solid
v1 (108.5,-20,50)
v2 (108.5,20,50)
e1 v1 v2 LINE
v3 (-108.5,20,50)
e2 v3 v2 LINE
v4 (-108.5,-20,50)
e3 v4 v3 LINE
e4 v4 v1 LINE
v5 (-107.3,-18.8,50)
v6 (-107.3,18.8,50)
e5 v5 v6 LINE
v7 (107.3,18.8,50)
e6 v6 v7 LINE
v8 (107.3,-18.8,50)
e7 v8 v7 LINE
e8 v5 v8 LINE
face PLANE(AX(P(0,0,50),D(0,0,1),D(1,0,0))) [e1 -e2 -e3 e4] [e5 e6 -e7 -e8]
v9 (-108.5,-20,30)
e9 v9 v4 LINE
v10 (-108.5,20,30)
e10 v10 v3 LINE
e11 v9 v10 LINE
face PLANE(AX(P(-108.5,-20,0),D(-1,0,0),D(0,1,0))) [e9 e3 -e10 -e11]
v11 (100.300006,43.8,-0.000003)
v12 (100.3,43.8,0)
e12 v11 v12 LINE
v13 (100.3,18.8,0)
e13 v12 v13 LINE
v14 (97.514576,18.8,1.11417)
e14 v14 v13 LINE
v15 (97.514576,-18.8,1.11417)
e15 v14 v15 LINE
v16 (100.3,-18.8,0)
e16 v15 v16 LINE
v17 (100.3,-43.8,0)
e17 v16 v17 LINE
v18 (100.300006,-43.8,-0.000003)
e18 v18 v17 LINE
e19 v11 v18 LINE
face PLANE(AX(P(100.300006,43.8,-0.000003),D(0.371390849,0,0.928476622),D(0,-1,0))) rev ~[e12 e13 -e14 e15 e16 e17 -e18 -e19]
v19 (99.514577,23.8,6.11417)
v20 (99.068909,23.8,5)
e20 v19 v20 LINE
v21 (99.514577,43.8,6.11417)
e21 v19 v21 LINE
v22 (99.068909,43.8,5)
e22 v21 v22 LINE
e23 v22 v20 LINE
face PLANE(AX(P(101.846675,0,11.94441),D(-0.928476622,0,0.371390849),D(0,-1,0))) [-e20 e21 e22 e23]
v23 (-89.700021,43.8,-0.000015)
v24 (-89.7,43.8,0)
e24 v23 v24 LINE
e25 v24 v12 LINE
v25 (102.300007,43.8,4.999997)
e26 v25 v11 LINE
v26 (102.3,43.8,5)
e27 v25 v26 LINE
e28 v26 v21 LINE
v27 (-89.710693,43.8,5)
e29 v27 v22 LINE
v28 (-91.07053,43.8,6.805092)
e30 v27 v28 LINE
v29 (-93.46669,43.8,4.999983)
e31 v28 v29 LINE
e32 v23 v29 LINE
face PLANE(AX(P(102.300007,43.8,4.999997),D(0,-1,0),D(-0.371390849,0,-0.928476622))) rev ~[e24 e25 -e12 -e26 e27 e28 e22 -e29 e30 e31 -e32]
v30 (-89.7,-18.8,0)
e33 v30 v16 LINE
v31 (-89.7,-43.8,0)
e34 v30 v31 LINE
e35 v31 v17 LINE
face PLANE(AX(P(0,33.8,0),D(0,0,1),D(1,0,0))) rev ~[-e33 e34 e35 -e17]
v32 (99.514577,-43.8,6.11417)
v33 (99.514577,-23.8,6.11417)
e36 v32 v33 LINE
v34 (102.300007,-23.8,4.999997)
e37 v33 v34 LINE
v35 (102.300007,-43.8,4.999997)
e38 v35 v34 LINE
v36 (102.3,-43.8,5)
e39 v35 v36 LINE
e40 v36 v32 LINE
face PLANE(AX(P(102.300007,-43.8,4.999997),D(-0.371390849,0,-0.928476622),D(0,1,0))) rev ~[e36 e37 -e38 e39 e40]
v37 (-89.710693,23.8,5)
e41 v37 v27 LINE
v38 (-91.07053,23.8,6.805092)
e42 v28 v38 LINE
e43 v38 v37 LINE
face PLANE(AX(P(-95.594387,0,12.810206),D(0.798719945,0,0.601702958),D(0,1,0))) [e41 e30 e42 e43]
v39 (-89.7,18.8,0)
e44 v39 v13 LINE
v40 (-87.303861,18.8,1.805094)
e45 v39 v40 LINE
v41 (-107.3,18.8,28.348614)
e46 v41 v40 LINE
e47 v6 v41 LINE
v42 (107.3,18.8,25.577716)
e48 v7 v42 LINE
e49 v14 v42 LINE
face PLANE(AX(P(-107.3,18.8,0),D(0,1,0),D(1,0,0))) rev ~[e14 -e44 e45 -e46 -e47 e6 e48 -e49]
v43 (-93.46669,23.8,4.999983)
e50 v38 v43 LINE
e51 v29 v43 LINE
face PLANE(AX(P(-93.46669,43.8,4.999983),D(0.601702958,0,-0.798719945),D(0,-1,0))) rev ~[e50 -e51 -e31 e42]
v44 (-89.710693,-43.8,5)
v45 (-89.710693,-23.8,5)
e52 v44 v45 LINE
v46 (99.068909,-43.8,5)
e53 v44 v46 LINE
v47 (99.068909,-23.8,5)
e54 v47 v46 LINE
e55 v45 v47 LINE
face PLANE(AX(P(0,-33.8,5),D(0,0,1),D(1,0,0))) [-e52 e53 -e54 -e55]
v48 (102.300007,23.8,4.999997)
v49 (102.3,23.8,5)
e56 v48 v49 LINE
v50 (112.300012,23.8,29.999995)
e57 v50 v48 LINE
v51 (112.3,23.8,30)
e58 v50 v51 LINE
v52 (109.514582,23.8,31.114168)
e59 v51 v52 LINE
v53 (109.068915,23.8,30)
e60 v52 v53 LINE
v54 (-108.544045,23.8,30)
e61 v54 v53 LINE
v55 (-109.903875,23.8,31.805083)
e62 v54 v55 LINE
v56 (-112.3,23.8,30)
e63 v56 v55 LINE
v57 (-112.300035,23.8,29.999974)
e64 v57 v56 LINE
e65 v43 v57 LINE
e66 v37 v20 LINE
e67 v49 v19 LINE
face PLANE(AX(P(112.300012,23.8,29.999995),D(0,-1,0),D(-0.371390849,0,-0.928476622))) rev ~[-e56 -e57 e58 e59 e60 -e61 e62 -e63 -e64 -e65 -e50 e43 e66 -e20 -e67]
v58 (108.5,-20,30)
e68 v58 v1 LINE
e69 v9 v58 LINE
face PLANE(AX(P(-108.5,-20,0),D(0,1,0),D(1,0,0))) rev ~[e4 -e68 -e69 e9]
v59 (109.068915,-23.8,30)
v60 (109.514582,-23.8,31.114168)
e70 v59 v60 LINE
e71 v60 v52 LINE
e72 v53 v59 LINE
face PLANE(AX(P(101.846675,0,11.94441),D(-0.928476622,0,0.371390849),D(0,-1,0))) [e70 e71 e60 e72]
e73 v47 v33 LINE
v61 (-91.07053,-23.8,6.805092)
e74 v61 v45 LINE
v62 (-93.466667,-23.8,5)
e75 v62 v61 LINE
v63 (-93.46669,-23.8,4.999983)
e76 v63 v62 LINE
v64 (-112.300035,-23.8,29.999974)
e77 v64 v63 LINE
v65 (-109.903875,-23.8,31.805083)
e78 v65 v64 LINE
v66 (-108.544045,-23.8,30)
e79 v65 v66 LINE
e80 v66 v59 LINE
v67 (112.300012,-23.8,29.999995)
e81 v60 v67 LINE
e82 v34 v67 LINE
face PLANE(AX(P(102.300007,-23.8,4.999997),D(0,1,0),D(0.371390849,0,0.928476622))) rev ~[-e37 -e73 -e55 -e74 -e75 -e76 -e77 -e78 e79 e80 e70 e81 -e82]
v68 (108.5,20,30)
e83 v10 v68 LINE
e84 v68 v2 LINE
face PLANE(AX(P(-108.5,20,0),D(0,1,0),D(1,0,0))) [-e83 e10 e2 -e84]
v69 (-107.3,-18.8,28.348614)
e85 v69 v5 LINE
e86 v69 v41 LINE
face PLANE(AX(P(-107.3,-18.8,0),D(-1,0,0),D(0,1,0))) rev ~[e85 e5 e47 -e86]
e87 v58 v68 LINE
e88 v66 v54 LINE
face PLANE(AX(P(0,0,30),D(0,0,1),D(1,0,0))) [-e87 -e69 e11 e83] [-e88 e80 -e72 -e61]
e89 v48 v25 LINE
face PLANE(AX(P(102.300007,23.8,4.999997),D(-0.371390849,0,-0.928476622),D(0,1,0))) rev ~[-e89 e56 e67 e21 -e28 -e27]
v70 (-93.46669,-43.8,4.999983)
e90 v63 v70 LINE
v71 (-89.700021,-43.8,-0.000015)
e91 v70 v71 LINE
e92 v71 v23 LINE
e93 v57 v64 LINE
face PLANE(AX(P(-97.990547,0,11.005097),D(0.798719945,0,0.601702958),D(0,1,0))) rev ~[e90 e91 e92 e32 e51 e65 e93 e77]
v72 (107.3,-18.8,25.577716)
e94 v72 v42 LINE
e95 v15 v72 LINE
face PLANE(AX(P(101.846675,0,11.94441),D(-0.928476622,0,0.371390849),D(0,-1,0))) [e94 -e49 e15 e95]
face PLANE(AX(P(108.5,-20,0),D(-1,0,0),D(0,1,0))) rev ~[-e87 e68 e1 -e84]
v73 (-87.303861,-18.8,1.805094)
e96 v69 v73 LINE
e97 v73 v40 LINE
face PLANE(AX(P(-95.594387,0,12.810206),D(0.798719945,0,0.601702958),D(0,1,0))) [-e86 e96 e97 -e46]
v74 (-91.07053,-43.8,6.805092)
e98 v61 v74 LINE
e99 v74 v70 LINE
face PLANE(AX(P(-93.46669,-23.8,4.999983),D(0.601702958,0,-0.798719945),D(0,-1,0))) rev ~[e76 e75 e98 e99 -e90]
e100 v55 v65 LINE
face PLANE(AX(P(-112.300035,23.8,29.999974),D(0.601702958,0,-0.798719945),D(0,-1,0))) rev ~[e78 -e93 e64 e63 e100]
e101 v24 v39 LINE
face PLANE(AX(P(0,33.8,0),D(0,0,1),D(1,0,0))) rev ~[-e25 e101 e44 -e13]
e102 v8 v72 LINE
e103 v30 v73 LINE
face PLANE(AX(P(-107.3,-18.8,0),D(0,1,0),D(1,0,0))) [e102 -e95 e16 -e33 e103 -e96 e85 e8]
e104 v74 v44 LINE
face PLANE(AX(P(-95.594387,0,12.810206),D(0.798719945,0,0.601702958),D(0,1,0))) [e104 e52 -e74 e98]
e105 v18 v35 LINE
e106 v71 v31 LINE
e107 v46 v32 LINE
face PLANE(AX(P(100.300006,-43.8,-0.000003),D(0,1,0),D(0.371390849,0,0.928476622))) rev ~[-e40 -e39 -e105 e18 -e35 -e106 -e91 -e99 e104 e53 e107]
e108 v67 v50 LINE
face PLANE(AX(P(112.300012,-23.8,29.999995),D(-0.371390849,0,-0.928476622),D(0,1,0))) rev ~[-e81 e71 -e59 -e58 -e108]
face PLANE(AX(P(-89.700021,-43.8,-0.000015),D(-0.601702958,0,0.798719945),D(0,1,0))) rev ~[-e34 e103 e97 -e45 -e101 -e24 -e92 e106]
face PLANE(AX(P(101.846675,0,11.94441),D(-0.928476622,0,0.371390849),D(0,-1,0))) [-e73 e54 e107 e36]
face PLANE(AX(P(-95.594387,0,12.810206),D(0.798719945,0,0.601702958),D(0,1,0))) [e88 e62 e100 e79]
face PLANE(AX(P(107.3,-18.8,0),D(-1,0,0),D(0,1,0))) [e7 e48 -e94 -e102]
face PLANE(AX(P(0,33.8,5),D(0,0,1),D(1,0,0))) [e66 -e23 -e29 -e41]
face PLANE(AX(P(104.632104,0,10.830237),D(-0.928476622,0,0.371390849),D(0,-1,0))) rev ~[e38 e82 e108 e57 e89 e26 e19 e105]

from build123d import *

# Parameters (mm, degrees)
SKETCH008_W     = 217
SKETCH008_H     = 40
SKETCH008_W_2   = 214.6
SKETCH008_H_2   = 37.6
PAD006_DEPTH    = 50
SKETCH009_W     = 224.6
SKETCH009_H     = 47.6
SKETCH009_W_2   = 214.6
SKETCH009_H_2   = 37.6
PAD007_DEPTH    = 30
SKETCH010_W     = 224.6
SKETCH010_H     = 20
PAD008_DEPTH    = 5
POCKET001_DEPTH = 87.601
PAD009_DEPTH    = 3
PAD010_DEPTH    = 3


with BuildPart() as part:
    # Sketch008 → Pad006 (new body)
    with BuildSketch(Plane.XY):
        Rectangle(SKETCH008_W, SKETCH008_H)
        Rectangle(SKETCH008_W_2, SKETCH008_H_2, mode=Mode.SUBTRACT)
    extrude(amount=PAD006_DEPTH)

    # Sketch009 → Pad007 (join)
    with BuildSketch(Plane.XY):
        Rectangle(SKETCH009_W, SKETCH009_H)
        Rectangle(SKETCH009_W_2, SKETCH009_H_2, mode=Mode.SUBTRACT)
    extrude(amount=PAD007_DEPTH)

    # Sketch010 → Pad008 (join)
    with BuildSketch(Plane.XY):
        with Locations((0, 33.8)):
            Rectangle(SKETCH010_W, SKETCH010_H)
        with Locations((0, -33.8)):
            Rectangle(SKETCH010_W, SKETCH010_H)
    extrude(amount=PAD008_DEPTH)

    # Sketch011 (on Face1 of Pad008) → Pocket001 (cut, through all)
    with BuildSketch(Plane(origin=(0, 43.8, 0), x_dir=(-1, 0, 0), z_dir=(0, 1, 0))):
        Polygon((-112.3, 30), (-100.3, 0), (-112.3, 0), align=None)
        Polygon((112.3, 30), (89.7, 0), (112.3, 0), align=None)
    extrude(amount=-POCKET001_DEPTH, mode=Mode.SUBTRACT)

    # Sketch012 (on Face5 of Pocket001) → Pad009 (join)
    with BuildSketch(Plane(origin=(-57.224475, 0, -43.109104), x_dir=(0, -1, 0), z_dir=(-0.79872, 0, -0.601703))):
        Polygon((-43.8, 60.232735), (-23.8, 60.232735), (-23.8, 91.532806), (23.8, 91.532806), (23.8, 60.232735), (43.8, 60.232735), (43.8, 53.972721), (-43.8, 53.972721), align=None)
    extrude(amount=-PAD009_DEPTH)

    # Sketch013 (on Face6 of Pad009) → Pad010 (join)
    with BuildSketch(Plane(origin=(86.465517, 0, -34.586207), x_dir=(0, 1, 0), z_dir=(0.928477, 0, -0.371391))):
        Polygon((-23.8, 69.561474), (23.8, 69.561474), (23.8, 42.63565), (43.8, 42.63565), (43.8, 37.250485), (-43.8, 37.250485), (-43.8, 42.63565), (-23.8, 42.63565), align=None)
    extrude(amount=-PAD010_DEPTH)


solid = part.part
